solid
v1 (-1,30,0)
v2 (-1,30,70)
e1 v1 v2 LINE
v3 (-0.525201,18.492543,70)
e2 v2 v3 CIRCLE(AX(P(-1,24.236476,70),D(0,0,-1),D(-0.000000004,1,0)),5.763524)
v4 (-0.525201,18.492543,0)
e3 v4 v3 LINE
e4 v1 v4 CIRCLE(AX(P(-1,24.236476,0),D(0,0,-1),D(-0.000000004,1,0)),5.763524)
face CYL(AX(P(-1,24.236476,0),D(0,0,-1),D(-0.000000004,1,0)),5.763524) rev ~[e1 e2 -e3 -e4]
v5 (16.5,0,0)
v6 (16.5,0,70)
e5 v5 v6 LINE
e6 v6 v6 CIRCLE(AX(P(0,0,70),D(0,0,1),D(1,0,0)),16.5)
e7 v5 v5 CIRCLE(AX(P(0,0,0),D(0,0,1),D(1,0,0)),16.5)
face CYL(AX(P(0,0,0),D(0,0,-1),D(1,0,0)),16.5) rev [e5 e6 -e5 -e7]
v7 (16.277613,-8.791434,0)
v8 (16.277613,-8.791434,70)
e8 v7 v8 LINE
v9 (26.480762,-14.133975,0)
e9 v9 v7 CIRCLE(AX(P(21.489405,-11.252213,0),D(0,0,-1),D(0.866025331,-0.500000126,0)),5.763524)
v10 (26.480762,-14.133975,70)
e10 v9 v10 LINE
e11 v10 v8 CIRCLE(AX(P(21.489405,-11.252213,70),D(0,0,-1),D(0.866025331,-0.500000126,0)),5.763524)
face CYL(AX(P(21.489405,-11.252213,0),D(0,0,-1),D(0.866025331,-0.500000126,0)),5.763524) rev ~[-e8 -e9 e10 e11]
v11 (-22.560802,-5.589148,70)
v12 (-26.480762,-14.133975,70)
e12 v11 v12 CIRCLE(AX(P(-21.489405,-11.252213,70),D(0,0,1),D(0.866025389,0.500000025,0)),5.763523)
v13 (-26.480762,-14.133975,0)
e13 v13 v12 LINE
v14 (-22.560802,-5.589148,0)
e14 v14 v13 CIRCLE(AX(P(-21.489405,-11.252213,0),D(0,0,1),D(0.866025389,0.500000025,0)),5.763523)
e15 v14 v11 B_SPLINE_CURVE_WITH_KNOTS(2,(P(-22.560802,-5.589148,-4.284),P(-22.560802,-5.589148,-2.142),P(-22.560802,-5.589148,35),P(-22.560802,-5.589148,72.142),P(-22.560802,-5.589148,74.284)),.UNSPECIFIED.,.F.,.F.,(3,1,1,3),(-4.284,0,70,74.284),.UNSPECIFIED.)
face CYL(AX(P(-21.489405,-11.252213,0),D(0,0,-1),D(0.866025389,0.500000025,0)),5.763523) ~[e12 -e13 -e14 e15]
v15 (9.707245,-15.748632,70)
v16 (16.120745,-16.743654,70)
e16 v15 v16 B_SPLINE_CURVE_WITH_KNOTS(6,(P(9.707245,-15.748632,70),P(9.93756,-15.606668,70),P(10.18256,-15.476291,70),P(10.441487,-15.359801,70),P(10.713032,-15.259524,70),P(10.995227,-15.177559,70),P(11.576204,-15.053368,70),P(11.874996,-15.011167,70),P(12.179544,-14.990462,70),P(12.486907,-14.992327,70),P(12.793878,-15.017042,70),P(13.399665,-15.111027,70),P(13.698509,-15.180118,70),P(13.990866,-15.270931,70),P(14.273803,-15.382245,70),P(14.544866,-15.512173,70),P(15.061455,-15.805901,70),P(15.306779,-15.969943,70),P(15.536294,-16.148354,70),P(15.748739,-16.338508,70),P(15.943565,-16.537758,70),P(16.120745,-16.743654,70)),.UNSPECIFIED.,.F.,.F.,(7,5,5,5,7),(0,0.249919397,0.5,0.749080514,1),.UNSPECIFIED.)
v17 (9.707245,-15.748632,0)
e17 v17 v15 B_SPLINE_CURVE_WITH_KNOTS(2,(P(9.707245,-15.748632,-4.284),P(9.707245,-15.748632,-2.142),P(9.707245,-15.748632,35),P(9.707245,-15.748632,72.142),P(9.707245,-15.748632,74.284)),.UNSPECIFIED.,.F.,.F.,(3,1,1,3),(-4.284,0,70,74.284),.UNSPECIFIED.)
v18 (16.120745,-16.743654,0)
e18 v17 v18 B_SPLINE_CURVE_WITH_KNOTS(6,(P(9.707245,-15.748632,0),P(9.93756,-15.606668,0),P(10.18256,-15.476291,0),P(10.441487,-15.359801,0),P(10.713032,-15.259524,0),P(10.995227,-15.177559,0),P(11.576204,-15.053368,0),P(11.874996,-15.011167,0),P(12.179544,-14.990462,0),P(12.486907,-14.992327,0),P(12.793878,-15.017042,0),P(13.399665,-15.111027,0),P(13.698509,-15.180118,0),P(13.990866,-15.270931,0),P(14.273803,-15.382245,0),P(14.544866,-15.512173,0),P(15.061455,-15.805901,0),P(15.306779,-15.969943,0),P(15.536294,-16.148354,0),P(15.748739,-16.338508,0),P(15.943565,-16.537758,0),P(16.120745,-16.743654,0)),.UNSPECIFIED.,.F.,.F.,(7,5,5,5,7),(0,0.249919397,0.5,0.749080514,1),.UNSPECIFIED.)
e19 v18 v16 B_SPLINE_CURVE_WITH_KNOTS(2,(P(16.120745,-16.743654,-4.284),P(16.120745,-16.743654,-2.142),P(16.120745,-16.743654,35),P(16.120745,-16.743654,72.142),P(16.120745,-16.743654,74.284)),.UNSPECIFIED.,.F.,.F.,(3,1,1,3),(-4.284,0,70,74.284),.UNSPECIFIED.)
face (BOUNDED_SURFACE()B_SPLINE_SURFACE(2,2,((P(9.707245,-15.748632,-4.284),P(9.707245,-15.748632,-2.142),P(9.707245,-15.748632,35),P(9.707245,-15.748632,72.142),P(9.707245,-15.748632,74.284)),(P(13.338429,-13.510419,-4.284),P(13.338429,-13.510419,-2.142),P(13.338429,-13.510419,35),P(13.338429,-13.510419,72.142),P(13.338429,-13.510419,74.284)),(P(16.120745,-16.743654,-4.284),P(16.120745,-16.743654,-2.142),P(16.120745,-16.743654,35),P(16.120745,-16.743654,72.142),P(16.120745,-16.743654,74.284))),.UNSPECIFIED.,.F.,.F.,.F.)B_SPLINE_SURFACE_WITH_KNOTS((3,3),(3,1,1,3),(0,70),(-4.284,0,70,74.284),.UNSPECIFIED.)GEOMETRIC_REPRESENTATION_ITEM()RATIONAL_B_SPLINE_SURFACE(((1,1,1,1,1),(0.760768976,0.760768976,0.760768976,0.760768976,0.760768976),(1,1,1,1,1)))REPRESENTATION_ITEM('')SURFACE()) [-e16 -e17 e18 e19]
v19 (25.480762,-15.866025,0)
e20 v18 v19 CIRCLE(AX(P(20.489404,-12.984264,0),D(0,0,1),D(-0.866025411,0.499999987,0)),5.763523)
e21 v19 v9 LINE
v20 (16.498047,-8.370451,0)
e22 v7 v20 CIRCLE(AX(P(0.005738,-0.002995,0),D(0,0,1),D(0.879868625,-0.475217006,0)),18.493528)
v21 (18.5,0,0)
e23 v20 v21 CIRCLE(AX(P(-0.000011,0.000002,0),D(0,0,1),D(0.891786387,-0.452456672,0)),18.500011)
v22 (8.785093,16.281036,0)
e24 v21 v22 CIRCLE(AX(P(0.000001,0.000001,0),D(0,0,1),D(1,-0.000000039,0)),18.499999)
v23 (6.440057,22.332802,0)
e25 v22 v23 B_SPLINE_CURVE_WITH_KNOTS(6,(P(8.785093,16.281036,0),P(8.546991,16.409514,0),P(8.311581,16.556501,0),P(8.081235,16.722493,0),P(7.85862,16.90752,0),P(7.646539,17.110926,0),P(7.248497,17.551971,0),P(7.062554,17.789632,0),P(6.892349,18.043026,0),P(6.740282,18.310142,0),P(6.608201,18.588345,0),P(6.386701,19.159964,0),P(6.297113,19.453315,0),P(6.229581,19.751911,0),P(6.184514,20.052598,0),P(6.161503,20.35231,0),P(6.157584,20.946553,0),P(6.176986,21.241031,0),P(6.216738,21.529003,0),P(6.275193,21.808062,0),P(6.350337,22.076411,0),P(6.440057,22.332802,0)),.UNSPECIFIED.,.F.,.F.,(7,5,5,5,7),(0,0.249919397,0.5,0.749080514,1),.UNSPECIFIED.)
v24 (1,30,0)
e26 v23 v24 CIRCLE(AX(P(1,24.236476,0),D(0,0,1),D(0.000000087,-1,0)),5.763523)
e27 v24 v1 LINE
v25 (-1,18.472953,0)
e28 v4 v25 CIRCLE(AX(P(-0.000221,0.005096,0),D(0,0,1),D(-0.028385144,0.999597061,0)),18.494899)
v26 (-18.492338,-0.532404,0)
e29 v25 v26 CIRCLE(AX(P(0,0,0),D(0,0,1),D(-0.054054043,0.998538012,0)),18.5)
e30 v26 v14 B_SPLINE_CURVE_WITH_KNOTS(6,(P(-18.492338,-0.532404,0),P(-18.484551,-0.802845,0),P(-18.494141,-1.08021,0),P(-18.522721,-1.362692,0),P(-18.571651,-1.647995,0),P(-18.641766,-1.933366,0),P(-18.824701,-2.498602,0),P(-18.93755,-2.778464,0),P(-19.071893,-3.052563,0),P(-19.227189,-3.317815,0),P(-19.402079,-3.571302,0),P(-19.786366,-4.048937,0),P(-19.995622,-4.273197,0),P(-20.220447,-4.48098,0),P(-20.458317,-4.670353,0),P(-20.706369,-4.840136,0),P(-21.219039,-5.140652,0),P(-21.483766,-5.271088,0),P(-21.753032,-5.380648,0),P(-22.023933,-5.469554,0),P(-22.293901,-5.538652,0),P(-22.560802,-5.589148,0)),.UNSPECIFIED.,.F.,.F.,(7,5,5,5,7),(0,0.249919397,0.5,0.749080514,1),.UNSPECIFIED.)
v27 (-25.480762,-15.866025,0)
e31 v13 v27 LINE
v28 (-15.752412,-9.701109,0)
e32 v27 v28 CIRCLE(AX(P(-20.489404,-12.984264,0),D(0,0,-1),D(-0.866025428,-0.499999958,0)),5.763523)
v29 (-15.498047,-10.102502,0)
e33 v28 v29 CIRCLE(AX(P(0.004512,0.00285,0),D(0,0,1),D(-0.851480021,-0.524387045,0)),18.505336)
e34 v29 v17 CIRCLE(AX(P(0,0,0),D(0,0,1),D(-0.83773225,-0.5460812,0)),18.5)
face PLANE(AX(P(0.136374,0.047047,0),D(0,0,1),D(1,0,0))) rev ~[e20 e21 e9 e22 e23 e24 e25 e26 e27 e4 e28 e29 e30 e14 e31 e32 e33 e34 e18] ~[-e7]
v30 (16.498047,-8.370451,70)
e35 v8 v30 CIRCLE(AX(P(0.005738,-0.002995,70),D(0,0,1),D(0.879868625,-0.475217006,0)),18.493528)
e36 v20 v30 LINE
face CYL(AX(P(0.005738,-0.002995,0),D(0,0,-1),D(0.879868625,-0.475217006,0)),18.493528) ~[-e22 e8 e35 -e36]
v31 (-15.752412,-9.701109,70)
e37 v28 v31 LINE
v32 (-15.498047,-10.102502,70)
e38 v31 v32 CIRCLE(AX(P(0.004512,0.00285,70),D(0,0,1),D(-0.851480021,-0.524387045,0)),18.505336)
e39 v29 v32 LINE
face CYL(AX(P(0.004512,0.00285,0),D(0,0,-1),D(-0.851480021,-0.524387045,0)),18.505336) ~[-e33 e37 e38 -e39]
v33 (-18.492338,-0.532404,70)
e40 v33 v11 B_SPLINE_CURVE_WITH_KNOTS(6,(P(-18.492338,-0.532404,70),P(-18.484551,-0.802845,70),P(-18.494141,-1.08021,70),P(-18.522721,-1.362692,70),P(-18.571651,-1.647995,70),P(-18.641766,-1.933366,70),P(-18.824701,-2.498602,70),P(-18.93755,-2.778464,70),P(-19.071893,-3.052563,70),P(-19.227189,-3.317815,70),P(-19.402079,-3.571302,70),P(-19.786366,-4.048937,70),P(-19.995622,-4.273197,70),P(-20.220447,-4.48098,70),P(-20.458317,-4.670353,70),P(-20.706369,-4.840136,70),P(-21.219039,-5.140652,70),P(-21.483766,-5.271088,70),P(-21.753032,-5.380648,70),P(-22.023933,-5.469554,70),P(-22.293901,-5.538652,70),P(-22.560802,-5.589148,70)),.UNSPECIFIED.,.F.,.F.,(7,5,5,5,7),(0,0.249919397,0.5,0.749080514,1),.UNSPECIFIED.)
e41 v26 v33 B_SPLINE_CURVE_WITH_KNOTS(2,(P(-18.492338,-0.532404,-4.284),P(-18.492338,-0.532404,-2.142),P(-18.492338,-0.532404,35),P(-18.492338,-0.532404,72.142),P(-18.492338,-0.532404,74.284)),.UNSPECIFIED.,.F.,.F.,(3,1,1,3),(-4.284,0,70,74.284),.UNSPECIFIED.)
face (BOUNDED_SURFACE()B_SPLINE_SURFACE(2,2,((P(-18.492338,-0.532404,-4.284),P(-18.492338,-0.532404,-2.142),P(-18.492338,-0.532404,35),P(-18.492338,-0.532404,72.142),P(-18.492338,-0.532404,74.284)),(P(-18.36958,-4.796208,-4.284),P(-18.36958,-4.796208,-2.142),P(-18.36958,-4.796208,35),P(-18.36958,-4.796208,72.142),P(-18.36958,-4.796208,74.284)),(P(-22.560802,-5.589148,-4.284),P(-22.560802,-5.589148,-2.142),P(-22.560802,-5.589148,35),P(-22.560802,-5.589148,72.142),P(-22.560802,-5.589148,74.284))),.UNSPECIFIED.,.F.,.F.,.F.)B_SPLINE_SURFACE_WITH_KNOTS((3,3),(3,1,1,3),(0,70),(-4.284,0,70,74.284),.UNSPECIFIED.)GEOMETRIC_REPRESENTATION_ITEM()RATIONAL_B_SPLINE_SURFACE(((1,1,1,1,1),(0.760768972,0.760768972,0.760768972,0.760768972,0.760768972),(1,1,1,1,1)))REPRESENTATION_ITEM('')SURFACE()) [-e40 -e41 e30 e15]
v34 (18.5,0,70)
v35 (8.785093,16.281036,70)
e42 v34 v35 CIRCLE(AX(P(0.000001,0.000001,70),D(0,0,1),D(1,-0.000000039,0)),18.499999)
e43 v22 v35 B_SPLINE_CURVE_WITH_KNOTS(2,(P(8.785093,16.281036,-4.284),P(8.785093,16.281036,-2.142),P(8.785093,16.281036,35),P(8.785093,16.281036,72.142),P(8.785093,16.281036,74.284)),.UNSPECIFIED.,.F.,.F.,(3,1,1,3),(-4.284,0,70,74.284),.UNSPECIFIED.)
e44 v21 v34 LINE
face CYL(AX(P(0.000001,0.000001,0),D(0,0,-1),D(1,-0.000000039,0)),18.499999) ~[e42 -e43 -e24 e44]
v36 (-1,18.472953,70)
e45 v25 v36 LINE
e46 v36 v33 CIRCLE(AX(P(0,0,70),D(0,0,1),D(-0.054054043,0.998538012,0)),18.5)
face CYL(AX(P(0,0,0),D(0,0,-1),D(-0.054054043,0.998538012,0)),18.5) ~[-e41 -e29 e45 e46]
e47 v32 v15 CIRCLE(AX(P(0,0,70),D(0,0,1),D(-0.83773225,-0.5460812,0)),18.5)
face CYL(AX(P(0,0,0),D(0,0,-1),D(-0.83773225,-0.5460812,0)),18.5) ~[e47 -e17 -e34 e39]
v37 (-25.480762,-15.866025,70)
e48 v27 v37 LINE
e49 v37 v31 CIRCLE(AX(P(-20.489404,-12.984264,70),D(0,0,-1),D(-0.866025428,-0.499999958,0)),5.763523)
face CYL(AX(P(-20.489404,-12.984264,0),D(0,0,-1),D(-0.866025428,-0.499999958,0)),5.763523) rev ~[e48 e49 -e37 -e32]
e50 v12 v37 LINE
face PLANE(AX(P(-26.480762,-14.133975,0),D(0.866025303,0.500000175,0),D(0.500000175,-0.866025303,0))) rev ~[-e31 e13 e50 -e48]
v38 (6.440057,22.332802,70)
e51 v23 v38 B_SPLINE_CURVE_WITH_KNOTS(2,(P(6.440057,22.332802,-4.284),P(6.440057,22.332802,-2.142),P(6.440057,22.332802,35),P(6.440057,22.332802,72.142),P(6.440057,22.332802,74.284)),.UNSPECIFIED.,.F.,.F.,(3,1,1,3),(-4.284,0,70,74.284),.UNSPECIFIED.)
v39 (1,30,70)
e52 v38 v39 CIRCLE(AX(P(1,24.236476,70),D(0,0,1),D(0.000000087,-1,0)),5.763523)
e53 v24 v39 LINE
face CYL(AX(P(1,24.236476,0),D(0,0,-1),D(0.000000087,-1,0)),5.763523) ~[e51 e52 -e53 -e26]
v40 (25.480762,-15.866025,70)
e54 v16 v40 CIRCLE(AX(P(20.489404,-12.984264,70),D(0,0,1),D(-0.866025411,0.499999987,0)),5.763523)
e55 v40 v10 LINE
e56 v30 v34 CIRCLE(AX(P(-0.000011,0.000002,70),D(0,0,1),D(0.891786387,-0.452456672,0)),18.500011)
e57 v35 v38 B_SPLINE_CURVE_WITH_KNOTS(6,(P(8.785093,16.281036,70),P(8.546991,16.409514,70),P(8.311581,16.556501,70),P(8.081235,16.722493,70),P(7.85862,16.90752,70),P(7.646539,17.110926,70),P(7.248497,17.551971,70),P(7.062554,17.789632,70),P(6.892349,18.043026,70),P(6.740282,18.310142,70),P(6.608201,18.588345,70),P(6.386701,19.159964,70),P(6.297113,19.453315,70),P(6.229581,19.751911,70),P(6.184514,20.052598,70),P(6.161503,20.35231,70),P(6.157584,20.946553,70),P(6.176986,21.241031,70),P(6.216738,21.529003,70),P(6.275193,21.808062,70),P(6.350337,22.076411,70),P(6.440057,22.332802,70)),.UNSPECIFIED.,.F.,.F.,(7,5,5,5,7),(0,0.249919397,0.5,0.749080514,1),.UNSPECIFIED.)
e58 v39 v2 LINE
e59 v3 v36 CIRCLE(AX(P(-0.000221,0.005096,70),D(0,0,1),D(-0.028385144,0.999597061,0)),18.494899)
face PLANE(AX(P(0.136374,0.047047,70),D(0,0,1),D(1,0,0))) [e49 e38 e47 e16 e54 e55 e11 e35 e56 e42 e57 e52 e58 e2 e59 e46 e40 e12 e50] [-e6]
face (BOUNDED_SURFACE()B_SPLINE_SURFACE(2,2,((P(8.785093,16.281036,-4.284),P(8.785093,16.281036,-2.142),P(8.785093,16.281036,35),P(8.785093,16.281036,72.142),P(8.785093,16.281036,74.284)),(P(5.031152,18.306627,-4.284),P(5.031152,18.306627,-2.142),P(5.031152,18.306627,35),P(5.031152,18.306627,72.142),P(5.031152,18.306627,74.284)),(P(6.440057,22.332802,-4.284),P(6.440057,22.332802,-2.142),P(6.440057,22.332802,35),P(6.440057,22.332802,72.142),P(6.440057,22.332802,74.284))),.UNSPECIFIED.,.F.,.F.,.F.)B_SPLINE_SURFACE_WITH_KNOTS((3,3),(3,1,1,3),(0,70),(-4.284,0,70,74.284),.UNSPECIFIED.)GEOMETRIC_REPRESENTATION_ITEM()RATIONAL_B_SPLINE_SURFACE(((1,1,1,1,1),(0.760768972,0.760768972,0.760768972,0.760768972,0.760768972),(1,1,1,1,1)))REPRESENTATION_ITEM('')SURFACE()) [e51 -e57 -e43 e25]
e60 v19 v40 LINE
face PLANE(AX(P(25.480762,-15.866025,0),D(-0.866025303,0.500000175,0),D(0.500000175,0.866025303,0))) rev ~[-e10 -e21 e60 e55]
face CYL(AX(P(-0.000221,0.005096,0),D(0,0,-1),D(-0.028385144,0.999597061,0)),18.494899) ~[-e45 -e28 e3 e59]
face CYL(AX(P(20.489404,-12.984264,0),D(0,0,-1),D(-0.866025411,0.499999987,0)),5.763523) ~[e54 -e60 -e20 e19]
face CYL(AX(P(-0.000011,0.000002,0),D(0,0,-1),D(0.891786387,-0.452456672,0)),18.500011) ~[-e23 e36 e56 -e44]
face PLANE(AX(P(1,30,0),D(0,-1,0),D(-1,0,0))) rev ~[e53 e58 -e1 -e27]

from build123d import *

# Parameters (mm, degrees)
F0_R     = 16.5
F1_DEPTH = 70
F2_R     = 5


with BuildPart() as f1:
    # F0 (on Top) → F1 (new body)
    with BuildSketch(Plane.XY):
        with BuildLine():
            ThreePointArc((16.498047, -8.370451), (17.992552, -4.303262), (18.5, 0))
            ThreePointArc((18.5, 0), (13.430376, 12.723011), (1, 18.472953))
            ThreePointArc((1, 18.472953), (0.237602, 18.498474), (-0.525201, 18.492543))
            ThreePointArc((-0.525201, 18.492543), (-0.762398, 18.477853), (-1, 18.472953))
            ThreePointArc((-1, 18.472953), (-16.02147, 9.25), (-16.498047, -8.370451))
            ThreePointArc((-16.498047, -8.370451), (-16.138949, -9.043468), (-15.752412, -9.701109))
            ThreePointArc((-15.752412, -9.701109), (-15.621091, -9.899183), (-15.498047, -10.102502))
            ThreePointArc((-15.498047, -10.102502), (0, -18.5), (15.498047, -10.102502))
            ThreePointArc((15.498047, -10.102502), (15.901348, -9.455006), (16.277613, -8.791434))
            ThreePointArc((16.277613, -8.791434), (16.383489, -8.57867), (16.498047, -8.370451))
        make_face()
        Circle(F0_R, mode=Mode.SUBTRACT)
        with BuildLine():
            ThreePointArc((-0.525201, 18.492543), (0.237602, 18.498474), (1, 18.472953))
            ThreePointArc((1, 18.472953), (6.763523, 24.236477), (1, 30))
            Line((1, 30), (-1, 30))
            ThreePointArc((-1, 30), (4.758624, 24.474078), (-0.525201, 18.492543))
        make_face()
        with BuildLine():
            ThreePointArc((16.277613, -8.791434), (16.389182, -8.581651), (16.498047, -8.370451))
            ThreePointArc((16.498047, -8.370451), (16.383489, -8.57867), (16.277613, -8.791434))
        make_face()
        with BuildLine():
            ThreePointArc((-1, 18.472953), (-0.762398, 18.477853), (-0.525201, 18.492543))
            ThreePointArc((-0.525201, 18.492543), (-0.762663, 18.484273), (-1, 18.472953))
        make_face()
        with BuildLine():
            ThreePointArc((26.480762, -14.133975), (18.815862, -16.358128), (16.277613, -8.791434))
            ThreePointArc((16.277613, -8.791434), (15.901348, -9.455006), (15.498047, -10.102502))
            ThreePointArc((15.498047, -10.102502), (17.607643, -17.975621), (25.480762, -15.866025))
            Line((25.480762, -15.866025), (26.480762, -14.133975))
        make_face()
        with BuildLine():
            ThreePointArc((-15.752412, -9.701109), (-16.138949, -9.043468), (-16.498047, -8.370451))
            ThreePointArc((-16.498047, -8.370451), (-24.371166, -6.260855), (-26.480762, -14.133975))
            Line((-26.480762, -14.133975), (-25.480762, -15.866025))
            ThreePointArc((-25.480762, -15.866025), (-23.574485, -8.11595), (-15.752412, -9.701109))
        make_face()
        with BuildLine():
            ThreePointArc((-15.752412, -9.701109), (-15.626518, -9.902622), (-15.498047, -10.102502))
            ThreePointArc((-15.498047, -10.102502), (-15.621091, -9.899183), (-15.752412, -9.701109))
        make_face()
    extrude(amount=F1_DEPTH)

    # F2
    f2_edges = [f1.edges().sort_by_distance(p)[0] for p in [
        (1, 18.472953, 35),
        (15.498047, -10.102502, 35),
        (-16.498047, -8.370451, 35),
    ]]
    fillet(f2_edges, radius=F2_R)


solid = f1.part
